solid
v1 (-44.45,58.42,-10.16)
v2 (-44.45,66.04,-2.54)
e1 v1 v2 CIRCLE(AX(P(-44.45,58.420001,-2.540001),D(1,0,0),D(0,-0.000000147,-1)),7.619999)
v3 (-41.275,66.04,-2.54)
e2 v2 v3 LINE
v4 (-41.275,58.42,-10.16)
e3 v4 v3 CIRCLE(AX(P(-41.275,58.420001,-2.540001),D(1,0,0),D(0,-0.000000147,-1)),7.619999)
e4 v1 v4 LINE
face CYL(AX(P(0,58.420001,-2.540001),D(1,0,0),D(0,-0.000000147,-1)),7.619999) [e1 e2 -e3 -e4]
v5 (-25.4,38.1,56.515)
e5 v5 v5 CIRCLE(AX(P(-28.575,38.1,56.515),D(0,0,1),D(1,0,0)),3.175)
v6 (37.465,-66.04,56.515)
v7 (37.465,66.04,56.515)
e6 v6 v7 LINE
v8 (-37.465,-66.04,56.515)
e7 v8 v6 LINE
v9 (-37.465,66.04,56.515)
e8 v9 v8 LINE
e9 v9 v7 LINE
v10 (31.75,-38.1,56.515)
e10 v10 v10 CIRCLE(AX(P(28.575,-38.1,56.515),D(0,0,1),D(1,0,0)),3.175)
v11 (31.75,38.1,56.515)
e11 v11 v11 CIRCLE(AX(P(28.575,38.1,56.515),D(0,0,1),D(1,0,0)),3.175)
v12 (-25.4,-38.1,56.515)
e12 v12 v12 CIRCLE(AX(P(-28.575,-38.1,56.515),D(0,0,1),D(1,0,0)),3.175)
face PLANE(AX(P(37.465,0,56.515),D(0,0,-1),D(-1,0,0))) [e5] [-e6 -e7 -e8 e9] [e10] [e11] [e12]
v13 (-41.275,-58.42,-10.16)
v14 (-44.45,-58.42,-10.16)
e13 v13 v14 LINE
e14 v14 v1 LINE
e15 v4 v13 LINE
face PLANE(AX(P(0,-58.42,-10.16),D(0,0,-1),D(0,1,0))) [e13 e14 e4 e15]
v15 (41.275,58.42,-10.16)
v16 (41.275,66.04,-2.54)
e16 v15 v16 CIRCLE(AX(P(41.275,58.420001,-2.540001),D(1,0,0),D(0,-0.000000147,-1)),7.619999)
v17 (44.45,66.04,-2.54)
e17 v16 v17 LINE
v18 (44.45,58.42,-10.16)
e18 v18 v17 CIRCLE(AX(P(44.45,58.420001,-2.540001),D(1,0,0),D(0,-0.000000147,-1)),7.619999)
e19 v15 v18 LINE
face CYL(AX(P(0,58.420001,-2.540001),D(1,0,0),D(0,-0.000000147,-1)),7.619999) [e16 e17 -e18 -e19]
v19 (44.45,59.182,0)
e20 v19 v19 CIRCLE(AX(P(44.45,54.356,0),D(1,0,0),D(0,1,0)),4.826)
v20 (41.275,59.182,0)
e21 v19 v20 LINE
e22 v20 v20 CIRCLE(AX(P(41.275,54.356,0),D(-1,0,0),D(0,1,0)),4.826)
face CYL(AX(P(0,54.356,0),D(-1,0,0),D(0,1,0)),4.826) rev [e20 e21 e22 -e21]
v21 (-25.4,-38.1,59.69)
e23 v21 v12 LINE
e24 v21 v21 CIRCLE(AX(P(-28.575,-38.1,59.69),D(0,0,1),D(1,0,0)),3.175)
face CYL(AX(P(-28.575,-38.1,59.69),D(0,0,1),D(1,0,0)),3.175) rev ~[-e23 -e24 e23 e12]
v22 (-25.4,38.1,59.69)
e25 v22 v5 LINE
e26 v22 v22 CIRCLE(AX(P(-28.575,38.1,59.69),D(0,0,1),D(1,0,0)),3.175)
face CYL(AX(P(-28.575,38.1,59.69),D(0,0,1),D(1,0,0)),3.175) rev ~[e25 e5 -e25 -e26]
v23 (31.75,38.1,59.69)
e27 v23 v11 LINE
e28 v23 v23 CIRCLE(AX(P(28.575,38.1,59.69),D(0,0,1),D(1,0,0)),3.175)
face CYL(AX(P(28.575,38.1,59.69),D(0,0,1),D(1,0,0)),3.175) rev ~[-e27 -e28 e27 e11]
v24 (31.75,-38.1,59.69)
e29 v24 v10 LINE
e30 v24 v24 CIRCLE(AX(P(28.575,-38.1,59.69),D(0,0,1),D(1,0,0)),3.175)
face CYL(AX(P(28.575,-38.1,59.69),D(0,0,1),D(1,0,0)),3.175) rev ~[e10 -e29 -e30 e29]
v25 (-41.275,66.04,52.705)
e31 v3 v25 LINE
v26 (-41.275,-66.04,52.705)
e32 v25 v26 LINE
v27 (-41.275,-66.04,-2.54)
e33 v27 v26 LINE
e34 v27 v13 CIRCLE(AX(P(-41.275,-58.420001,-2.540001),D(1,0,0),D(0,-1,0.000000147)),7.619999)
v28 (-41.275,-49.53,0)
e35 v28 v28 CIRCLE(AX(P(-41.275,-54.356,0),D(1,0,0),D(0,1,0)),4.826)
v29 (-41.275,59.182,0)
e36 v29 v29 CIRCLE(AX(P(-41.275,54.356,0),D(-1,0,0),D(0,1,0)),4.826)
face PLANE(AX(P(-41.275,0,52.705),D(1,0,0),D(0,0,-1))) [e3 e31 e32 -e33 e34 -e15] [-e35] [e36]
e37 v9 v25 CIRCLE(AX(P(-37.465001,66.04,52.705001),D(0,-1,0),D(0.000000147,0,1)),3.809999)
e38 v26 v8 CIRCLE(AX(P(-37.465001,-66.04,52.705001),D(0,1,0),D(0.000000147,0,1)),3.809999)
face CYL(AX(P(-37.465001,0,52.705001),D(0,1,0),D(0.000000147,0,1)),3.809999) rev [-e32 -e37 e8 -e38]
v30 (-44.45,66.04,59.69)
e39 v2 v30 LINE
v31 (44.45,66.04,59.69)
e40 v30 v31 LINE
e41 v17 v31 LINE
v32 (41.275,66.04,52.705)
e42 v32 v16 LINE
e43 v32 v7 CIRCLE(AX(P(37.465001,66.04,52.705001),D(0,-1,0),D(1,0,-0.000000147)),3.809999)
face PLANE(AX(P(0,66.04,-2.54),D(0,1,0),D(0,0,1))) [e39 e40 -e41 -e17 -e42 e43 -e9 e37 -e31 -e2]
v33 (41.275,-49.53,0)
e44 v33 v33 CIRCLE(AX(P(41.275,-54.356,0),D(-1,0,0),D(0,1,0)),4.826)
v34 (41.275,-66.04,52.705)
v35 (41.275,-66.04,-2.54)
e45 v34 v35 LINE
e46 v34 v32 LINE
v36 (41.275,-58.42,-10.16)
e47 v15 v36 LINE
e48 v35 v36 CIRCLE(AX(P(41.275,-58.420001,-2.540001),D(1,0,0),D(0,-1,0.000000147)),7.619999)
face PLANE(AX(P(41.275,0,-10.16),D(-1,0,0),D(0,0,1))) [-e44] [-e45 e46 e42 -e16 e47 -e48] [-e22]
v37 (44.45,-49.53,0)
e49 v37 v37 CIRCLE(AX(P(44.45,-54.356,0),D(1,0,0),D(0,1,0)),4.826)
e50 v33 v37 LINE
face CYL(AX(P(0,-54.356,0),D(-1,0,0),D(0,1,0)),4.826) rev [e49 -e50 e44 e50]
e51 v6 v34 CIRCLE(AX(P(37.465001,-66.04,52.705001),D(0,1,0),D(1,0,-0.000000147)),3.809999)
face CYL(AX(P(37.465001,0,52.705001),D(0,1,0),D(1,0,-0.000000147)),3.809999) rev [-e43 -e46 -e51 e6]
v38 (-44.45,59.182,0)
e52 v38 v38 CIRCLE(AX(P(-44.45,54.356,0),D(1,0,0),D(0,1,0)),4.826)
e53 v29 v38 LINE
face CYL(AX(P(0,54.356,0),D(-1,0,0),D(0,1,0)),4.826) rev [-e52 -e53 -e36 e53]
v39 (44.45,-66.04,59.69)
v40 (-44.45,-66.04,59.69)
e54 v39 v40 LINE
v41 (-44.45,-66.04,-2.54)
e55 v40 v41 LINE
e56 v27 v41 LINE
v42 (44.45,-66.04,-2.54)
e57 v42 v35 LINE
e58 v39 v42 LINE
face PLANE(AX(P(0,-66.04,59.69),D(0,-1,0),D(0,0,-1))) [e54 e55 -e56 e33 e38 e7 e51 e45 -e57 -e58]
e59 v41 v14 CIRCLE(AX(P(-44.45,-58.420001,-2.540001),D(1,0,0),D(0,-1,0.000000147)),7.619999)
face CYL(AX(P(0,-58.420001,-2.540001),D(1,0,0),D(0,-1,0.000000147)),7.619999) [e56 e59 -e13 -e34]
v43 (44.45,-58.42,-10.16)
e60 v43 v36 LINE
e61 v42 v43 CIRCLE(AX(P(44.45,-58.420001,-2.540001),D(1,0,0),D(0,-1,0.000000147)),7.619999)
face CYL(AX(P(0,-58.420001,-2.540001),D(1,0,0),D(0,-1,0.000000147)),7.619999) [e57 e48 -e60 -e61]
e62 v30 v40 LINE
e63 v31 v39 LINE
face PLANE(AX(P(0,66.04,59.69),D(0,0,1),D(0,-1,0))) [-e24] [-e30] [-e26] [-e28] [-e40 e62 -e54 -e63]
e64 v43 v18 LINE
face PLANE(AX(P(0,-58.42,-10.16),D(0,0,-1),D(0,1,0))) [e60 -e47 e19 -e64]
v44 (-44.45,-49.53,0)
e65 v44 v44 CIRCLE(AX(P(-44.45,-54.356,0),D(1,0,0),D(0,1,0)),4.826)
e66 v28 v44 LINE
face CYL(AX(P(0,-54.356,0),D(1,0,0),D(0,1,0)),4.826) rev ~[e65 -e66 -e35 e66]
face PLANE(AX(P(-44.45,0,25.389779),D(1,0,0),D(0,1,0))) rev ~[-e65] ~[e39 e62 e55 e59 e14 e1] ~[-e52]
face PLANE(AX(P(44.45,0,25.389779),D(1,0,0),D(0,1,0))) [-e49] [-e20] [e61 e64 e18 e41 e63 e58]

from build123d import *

# Parameters (mm, degrees)
F0_R          = 4.826
F1_DEPTH      = 44.45
F1_DEPTH_BACK = 44.45
F3_DEPTH      = 76.2
F3_DEPTH_BACK = 76.2
F4_R          = 3.175
F5_DEPTH      = 25.4


with BuildPart() as f1:
    # F0 (on Right) → F1 (new body, two sides)
    with BuildSketch(Plane.YZ) as f1_sk:
        with BuildLine():
            Line((-58.42, -10.16), (58.42, -10.16))
            ThreePointArc((58.42, -10.16), (63.808154, -7.928154), (66.04, -2.54))
            Line((66.04, -2.54), (66.04, 59.69))
            Line((66.04, 59.69), (-66.04, 59.69))
            Line((-66.04, 59.69), (-66.04, -2.54))
            ThreePointArc((-66.04, -2.54), (-63.808154, -7.928154), (-58.42, -10.16))
        make_face()
        with Locations((-54.356, 0)):
            Circle(F0_R, mode=Mode.SUBTRACT)
        with Locations((54.356, 0)):
            Circle(F0_R, mode=Mode.SUBTRACT)
    extrude(amount=F1_DEPTH)
    extrude(f1_sk.sketch, amount=-F1_DEPTH_BACK)

    # F2 (on Front) → F3 (cut, two sides)
    with BuildSketch(Plane.XZ) as f3_sk:
        with BuildLine():
            Line((41.275, -10.16), (41.275, -2.54))
            Line((41.275, -2.54), (41.275, 52.705))
            ThreePointArc((41.275, 52.705), (40.159077, 55.399077), (37.465, 56.515))
            Line((37.465, 56.515), (-37.465, 56.515))
            ThreePointArc((-37.465, 56.515), (-40.159077, 55.399077), (-41.275, 52.705))
            Line((-41.275, 52.705), (-41.275, -2.54))
            Line((-41.275, -2.54), (-41.275, -10.16))
            Line((-41.275, -10.16), (41.275, -10.16))
        make_face()
    extrude(amount=F3_DEPTH, mode=Mode.SUBTRACT)
    extrude(f3_sk.sketch, amount=-F3_DEPTH_BACK, mode=Mode.SUBTRACT)

    # F4 (on face) → F5 (cut)
    with BuildSketch(Plane.XY.offset(59.69)):
        with Locations((28.575, -38.1)):
            Circle(F4_R)
        with Locations((-28.575, -38.1)):
            Circle(F4_R)
        with Locations((-28.575, 38.1)):
            Circle(F4_R)
        with Locations((28.575, 38.1)):
            Circle(F4_R)
    extrude(amount=-F5_DEPTH, mode=Mode.SUBTRACT)


solid = f1.part
